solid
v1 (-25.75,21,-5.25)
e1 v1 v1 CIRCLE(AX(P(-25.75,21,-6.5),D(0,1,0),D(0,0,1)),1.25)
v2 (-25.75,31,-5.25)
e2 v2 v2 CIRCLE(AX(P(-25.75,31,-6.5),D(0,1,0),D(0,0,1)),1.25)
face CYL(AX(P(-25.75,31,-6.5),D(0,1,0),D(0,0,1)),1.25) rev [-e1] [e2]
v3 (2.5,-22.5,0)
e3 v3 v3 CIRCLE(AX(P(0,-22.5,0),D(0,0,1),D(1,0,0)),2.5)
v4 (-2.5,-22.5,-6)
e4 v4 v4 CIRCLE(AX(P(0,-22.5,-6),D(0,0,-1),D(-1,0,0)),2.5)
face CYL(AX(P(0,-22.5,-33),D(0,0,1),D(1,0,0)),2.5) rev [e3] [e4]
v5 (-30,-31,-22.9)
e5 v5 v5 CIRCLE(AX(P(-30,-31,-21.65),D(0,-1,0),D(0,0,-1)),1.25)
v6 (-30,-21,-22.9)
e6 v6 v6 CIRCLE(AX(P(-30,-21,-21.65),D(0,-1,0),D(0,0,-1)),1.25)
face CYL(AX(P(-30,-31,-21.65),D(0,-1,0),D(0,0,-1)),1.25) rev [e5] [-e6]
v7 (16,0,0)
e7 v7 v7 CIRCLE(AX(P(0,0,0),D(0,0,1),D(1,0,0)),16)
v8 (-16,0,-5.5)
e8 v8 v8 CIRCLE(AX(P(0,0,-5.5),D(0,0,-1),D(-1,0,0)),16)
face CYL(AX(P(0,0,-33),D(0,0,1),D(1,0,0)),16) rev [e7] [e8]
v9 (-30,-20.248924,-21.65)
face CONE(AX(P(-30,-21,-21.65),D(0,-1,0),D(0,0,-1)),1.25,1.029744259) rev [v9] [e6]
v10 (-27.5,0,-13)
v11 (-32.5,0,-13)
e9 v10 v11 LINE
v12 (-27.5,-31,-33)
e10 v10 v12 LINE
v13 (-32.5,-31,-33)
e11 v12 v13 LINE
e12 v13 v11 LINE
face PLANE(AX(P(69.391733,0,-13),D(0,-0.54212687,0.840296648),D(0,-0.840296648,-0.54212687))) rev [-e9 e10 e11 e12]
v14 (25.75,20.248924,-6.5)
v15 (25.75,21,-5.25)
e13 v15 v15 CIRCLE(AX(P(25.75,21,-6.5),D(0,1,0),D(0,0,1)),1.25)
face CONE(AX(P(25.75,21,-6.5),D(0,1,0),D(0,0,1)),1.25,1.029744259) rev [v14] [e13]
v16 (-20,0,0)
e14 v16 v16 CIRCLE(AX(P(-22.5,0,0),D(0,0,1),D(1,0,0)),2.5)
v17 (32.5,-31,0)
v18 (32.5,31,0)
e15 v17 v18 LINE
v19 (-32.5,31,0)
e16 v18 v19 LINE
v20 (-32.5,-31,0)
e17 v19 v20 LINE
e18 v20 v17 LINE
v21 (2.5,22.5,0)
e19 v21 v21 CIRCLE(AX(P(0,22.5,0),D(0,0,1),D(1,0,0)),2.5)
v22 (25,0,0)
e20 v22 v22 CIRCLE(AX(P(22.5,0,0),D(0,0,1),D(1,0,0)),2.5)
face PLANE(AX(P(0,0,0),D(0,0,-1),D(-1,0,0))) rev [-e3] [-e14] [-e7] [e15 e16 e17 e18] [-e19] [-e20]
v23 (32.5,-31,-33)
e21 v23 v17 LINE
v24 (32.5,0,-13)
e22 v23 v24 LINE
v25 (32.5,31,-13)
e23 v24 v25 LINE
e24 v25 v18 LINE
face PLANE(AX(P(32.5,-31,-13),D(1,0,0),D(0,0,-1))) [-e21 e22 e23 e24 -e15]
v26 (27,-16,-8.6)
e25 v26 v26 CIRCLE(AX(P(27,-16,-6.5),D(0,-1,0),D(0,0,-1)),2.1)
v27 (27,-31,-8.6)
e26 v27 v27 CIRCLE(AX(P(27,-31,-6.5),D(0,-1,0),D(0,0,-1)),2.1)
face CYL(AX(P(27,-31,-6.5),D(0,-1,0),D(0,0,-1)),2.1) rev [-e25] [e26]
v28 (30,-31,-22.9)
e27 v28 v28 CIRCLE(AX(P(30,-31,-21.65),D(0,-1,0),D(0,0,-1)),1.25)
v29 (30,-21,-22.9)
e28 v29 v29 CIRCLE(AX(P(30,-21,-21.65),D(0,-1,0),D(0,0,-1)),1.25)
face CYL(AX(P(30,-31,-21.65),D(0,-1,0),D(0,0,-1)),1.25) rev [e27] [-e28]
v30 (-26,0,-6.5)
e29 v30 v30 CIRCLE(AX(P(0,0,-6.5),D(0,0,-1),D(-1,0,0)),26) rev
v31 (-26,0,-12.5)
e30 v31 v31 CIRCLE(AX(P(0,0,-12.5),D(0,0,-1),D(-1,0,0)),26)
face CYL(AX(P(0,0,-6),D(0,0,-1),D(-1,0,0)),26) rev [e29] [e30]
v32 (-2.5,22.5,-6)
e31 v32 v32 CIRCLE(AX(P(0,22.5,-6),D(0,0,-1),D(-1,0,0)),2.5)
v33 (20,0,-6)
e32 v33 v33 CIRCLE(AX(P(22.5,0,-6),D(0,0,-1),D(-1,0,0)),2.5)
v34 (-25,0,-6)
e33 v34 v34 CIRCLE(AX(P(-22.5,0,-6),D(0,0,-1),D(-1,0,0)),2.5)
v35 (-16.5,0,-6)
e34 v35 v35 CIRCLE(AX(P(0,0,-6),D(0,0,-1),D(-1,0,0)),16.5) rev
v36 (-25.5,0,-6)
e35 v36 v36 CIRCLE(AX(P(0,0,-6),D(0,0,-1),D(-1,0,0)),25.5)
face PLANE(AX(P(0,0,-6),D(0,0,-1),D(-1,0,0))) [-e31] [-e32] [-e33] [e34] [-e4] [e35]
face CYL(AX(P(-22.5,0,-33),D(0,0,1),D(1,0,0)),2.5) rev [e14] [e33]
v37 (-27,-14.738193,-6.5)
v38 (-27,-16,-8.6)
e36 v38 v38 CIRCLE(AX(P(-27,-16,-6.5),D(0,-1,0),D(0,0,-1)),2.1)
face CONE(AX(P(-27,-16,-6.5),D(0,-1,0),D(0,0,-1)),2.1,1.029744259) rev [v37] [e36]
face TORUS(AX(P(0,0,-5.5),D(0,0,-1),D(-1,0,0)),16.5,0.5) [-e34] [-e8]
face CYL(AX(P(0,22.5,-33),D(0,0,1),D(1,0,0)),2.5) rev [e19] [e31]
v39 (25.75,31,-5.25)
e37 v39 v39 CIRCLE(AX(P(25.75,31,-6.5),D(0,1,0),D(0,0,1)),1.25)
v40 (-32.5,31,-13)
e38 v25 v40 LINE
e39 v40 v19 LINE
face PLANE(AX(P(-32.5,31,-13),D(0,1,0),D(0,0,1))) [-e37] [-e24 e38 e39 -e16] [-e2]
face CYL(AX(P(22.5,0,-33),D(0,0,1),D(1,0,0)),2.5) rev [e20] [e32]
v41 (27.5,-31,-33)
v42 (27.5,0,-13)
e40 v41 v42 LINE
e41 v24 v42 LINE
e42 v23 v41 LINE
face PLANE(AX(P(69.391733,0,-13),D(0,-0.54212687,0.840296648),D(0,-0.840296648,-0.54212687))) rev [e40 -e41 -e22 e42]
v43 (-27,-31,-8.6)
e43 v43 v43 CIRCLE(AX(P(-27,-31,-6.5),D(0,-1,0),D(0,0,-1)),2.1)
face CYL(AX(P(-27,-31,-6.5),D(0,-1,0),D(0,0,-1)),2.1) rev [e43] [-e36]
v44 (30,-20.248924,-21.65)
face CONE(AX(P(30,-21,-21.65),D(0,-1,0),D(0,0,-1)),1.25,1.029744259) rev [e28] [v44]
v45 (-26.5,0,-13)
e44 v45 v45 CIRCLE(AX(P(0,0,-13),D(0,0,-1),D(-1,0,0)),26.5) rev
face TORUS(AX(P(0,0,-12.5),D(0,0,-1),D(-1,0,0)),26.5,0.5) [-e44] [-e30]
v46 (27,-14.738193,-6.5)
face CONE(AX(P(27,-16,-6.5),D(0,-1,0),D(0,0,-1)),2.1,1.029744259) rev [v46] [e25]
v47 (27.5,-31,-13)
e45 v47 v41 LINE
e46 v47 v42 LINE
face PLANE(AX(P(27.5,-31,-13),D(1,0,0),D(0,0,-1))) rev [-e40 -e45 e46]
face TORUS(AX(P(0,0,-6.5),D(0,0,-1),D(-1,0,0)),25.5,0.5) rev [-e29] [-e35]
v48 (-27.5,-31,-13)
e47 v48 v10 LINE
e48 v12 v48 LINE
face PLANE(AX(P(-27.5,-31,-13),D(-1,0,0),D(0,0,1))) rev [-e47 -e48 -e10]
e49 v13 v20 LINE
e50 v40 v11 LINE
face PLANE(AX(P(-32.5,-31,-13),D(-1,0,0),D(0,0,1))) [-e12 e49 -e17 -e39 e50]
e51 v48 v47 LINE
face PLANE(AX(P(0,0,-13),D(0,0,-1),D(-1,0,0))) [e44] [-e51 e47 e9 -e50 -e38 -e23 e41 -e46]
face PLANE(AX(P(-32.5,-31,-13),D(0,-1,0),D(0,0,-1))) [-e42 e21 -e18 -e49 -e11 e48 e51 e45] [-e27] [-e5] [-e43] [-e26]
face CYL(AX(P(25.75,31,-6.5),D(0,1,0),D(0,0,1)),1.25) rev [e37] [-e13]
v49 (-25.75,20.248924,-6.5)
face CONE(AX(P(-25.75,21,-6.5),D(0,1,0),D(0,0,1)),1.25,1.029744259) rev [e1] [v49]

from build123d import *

# Parameters (mm, degrees)
SKETCH1_W                       = 65
SKETCH1_H                       = 62
BOSS_EXTRUDE1_DEPTH             = 13
BOSS_EXTRUDE2_REACH             = 48.757
BOSS_EXTRUDE2_DIRECTION_2_REACH = 48.757
SKETCH3_W                       = 55
SKETCH3_H                       = 20
CUT_EXTRUDE1_DEPTH              = 56.733742024
SKETCH5_R                       = 16
CUT_EXTRUDE3_DEPTH              = 56.733742024
SKETCH4_R                       = 26
CUT_EXTRUDE2_DEPTH              = 7
SKETCH6_R                       = 2.5
CUT_EXTRUDE4_DEPTH              = 56.733742024
FILLET1_R                       = 0.5
TAP_DRILL_FOR_M5X0_8_TAP1_D     = 4.2
TAP_DRILL_FOR_M5X0_8_TAP1_DEPTH = 15
TAP_DRILL_FOR_M5X0_8_TAP1_TIP   = 1.2618073
TAP_DRILL_FOR_M3X0_5_TAP1_D     = 2.5
TAP_DRILL_FOR_M3X0_5_TAP1_DEPTH = 10
TAP_DRILL_FOR_M3X0_5_TAP1_TIP   = 0.751075774
TAP_DRILL_FOR_M3X0_5_TAP2_D     = 2.5
TAP_DRILL_FOR_M3X0_5_TAP2_DEPTH = 10
TAP_DRILL_FOR_M3X0_5_TAP2_TIP   = 0.751075774


with BuildPart() as part:
    # Sketch1 → Boss-Extrude1 (new body)
    with BuildSketch(Plane.XY):
        Rectangle(SKETCH1_W, SKETCH1_H)
    extrude(amount=-BOSS_EXTRUDE1_DEPTH)

    # Boss-Extrude2: up to this face of the body (flat: up to its plane)
    boss_extrude2_end = Plane(part.part.faces().sort_by_distance((32.5, 0, -6.5))[0])
    # Sketch2 → Boss-Extrude2 (add, up to the picked face)
    with BuildSketch(Plane(origin=(0, 0, 0), x_dir=(0, 0, -1), z_dir=(1, 0, 0)), mode=Mode.PRIVATE) as boss_extrude2_sk1:
        Polygon((13, 0), (33, -31), (13, -31), align=None)
    boss_extrude2_tool1 = split(extrude(boss_extrude2_sk1.sketch, amount=BOSS_EXTRUDE2_REACH, mode=Mode.PRIVATE), bisect_by=boss_extrude2_end, keep=Keep.BOTH, mode=Mode.PRIVATE)
    add(boss_extrude2_tool1.solids().sort_by(Axis((0, -20.666667, -19.666667), (1, 0, 0)))[0])

    # Boss-Extrude2 direction 2: up to this face of the body (flat: up to its plane)
    boss_extrude2_direction_2_end = Plane(part.part.faces().sort_by_distance((-32.5, 0, -6.5))[0])
    # Sketch2 → Boss-Extrude2 direction 2 (add, up to the picked face)
    with BuildSketch(Plane(origin=(0, 0, 0), x_dir=(0, 0, -1), z_dir=(1, 0, 0)), mode=Mode.PRIVATE) as boss_extrude2_direction_2_sk1:
        Polygon((13, 0), (33, -31), (13, -31), align=None)
    boss_extrude2_direction_2_tool1 = split(extrude(boss_extrude2_direction_2_sk1.sketch, amount=-BOSS_EXTRUDE2_DIRECTION_2_REACH, mode=Mode.PRIVATE), bisect_by=boss_extrude2_direction_2_end, keep=Keep.BOTH, mode=Mode.PRIVATE)
    add(boss_extrude2_direction_2_tool1.solids().sort_by(Axis((0, -20.666667, -19.666667), (-1, 0, 0)))[0])

    # Sketch3 → Cut-Extrude1 (cut, through all)
    with BuildSketch(Plane(origin=(0, 0, 0), x_dir=(1, 0, 0), z_dir=(0, 1, 0))):
        with Locations((0, 23)):
            Rectangle(SKETCH3_W, SKETCH3_H)
    extrude(amount=-CUT_EXTRUDE1_DEPTH, mode=Mode.SUBTRACT)

    # Sketch5 → Cut-Extrude3 (cut, through all)
    with BuildSketch(Plane.XY):
        Circle(SKETCH5_R)
    extrude(amount=-CUT_EXTRUDE3_DEPTH, mode=Mode.SUBTRACT)

    # Sketch4 → Cut-Extrude2 (cut)
    with BuildSketch(Plane(origin=(0, 0, -13), x_dir=(-1, 0, 0), z_dir=(0, 0, -1))):
        Circle(SKETCH4_R)
    extrude(amount=-CUT_EXTRUDE2_DEPTH, mode=Mode.SUBTRACT)

    # Sketch6 → Cut-Extrude4 (cut, through all)
    with BuildSketch(Plane.XY):
        with Locations((0, 22.5)):
            Circle(SKETCH6_R)
        with Locations((22.5, 0)):
            Circle(SKETCH6_R)
        with Locations((0, -22.5)):
            Circle(SKETCH6_R)
        with Locations((-22.5, 0)):
            Circle(SKETCH6_R)
    extrude(amount=-CUT_EXTRUDE4_DEPTH, mode=Mode.SUBTRACT)

    # Fillet1
    fillet1_edges = [part.edges().sort_by_distance(p)[0] for p in [
        (26, 0, -13),
        (26, 0, -6),
        (-16, 0, -6),
    ]]
    fillet(fillet1_edges, radius=FILLET1_R)

    # Tap Drill for M5x0.8 Tap1
    with Locations(Plane(origin=(0, -31, 0), x_dir=(-1, 0, 0), z_dir=(0, -1, 0))):
        with Locations((27, 6.5), (-27, 6.5)):
            Hole(TAP_DRILL_FOR_M5X0_8_TAP1_D / 2, depth=TAP_DRILL_FOR_M5X0_8_TAP1_DEPTH)
            with Locations((0, 0, -(TAP_DRILL_FOR_M5X0_8_TAP1_DEPTH + TAP_DRILL_FOR_M5X0_8_TAP1_TIP / 2))):  # 118° drill point
                Cone(0, TAP_DRILL_FOR_M5X0_8_TAP1_D / 2, TAP_DRILL_FOR_M5X0_8_TAP1_TIP, mode=Mode.SUBTRACT)

    # Tap Drill for M3x0.5 Tap1
    with Locations(Plane(origin=(0, -31, 0), x_dir=(-1, 0, 0), z_dir=(0, -1, 0))):
        with Locations((30, 21.65), (-30, 21.65)):
            Hole(TAP_DRILL_FOR_M3X0_5_TAP1_D / 2, depth=TAP_DRILL_FOR_M3X0_5_TAP1_DEPTH)
            with Locations((0, 0, -(TAP_DRILL_FOR_M3X0_5_TAP1_DEPTH + TAP_DRILL_FOR_M3X0_5_TAP1_TIP / 2))):  # 118° drill point
                Cone(0, TAP_DRILL_FOR_M3X0_5_TAP1_D / 2, TAP_DRILL_FOR_M3X0_5_TAP1_TIP, mode=Mode.SUBTRACT)

    # Tap Drill for M3x0.5 Tap2
    with Locations(Plane(origin=(0, 31, 0), x_dir=(1, 0, 0), z_dir=(0, 1, 0))):
        with Locations((25.75, 6.5), (-25.75, 6.5)):
            Hole(TAP_DRILL_FOR_M3X0_5_TAP2_D / 2, depth=TAP_DRILL_FOR_M3X0_5_TAP2_DEPTH)
            with Locations((0, 0, -(TAP_DRILL_FOR_M3X0_5_TAP2_DEPTH + TAP_DRILL_FOR_M3X0_5_TAP2_TIP / 2))):  # 118° drill point
                Cone(0, TAP_DRILL_FOR_M3X0_5_TAP2_D / 2, TAP_DRILL_FOR_M3X0_5_TAP2_TIP, mode=Mode.SUBTRACT)


solid = part.part
